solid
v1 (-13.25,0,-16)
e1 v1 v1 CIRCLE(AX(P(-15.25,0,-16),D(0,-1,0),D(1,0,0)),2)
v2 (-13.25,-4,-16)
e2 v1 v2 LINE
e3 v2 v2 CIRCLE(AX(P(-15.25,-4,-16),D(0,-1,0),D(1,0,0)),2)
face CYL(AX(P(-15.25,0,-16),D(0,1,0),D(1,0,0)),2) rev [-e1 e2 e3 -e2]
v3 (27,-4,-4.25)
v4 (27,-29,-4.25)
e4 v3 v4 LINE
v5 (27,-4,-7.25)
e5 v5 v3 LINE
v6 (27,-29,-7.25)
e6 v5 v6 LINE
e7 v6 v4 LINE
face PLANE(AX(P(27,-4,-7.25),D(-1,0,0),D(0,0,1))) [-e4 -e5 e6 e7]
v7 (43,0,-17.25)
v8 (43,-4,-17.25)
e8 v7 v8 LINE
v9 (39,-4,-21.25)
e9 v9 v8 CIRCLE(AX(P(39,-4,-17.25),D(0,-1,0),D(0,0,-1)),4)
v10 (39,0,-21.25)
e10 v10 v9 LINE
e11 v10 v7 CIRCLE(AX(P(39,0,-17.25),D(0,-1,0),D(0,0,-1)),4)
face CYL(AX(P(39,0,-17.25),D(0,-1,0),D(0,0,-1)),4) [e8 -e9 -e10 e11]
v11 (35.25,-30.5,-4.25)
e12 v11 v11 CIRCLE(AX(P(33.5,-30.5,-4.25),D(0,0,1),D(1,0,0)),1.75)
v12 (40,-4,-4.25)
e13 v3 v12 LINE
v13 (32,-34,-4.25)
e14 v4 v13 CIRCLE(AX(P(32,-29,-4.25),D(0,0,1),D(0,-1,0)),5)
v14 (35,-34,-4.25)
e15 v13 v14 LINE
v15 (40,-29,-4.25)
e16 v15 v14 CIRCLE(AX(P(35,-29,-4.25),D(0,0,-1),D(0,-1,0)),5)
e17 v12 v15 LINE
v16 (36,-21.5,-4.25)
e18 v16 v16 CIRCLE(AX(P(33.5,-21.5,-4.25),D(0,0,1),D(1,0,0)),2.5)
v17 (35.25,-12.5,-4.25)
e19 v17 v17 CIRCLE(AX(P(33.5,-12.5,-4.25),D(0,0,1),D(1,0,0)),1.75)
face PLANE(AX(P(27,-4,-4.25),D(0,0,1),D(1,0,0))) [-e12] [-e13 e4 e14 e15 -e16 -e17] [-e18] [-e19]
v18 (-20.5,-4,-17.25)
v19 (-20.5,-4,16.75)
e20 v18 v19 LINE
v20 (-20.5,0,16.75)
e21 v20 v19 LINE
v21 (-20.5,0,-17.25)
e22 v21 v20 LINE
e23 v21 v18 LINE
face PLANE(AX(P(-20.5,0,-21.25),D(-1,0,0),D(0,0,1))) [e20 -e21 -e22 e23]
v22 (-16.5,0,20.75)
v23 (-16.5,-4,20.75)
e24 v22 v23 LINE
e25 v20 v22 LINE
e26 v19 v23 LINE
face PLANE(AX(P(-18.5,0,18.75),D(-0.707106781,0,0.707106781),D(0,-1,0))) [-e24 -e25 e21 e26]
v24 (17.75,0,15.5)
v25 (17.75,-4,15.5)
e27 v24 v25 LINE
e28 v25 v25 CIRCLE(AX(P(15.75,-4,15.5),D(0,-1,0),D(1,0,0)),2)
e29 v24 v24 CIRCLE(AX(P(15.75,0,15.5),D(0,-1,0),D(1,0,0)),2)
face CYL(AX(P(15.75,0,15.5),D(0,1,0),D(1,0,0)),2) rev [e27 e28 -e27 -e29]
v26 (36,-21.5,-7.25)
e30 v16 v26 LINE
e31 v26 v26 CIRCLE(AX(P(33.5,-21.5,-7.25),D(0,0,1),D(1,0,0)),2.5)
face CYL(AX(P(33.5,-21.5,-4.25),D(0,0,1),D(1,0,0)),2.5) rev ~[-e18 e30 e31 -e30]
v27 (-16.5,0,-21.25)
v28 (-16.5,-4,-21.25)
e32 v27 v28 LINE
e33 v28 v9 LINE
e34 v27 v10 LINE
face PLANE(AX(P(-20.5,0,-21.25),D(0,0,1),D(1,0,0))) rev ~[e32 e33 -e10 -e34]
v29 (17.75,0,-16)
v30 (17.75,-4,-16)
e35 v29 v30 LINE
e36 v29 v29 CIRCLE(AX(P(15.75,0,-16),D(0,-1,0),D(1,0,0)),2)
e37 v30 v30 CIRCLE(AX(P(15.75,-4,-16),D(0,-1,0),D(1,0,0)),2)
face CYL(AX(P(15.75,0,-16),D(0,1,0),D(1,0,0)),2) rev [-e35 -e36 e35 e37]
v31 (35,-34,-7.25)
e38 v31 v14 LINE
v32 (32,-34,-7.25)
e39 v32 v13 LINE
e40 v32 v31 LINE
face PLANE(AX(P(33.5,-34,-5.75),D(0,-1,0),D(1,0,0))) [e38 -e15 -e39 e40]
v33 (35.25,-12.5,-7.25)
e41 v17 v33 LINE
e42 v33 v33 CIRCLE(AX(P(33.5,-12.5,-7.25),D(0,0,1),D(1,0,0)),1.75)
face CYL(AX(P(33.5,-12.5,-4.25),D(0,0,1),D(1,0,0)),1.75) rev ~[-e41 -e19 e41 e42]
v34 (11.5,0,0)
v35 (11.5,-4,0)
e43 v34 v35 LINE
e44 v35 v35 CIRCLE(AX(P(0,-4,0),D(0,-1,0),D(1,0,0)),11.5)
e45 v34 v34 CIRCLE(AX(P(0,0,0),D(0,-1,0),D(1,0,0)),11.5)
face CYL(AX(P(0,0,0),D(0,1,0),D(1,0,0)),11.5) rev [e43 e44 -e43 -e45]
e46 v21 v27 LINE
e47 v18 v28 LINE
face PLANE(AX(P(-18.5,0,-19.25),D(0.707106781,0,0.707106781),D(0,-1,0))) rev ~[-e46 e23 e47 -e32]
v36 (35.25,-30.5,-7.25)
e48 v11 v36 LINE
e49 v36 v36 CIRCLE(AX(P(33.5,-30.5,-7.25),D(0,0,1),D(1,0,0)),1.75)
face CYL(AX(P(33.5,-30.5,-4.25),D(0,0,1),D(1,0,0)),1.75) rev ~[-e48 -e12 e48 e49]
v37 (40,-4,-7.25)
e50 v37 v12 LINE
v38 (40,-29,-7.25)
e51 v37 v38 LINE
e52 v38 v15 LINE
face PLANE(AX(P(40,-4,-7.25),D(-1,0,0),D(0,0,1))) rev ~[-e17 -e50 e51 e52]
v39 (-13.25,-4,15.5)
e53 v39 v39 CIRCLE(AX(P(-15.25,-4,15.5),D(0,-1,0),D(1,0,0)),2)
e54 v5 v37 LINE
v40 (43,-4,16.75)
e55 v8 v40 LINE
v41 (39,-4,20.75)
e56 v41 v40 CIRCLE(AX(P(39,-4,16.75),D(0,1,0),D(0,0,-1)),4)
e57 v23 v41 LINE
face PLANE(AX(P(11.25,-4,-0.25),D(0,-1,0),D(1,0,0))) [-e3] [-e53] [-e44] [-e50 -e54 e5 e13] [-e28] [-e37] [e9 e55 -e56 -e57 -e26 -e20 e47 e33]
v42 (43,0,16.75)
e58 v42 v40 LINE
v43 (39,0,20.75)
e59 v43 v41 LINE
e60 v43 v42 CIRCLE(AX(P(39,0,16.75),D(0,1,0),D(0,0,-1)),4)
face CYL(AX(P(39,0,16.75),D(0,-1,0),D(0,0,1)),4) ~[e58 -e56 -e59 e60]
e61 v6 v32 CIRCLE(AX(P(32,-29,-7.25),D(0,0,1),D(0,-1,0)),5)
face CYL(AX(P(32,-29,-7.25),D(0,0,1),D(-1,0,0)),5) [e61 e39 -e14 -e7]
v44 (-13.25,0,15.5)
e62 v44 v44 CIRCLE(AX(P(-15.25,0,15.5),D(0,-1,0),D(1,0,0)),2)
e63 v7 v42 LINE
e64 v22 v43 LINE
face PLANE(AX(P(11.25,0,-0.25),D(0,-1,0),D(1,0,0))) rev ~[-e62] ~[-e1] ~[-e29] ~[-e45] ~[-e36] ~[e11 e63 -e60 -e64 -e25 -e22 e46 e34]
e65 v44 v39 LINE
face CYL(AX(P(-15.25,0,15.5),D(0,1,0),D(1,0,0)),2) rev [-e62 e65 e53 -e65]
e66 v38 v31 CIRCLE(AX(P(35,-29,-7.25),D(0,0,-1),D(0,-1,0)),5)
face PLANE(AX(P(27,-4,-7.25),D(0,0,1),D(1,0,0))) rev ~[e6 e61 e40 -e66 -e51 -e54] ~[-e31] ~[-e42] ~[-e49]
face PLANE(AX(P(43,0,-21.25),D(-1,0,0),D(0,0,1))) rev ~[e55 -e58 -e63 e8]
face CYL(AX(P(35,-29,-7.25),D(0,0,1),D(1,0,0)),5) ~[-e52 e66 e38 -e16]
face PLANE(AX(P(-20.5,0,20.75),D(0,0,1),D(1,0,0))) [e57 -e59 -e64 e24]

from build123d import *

# Parameters (mm, degrees)
F0_W     = 63.5
F0_H     = 42
F0_R     = 2
F0_R_2   = 11.5
F1_DEPTH = 4
F2_SIZE  = 4
F3_W     = 13
F3_H     = 3
F4_DEPTH = 30
F5_R     = 5
F6_R     = 4
F7_R     = 2.5
F7_R_2   = 1.75
F8_DEPTH = 3


with BuildPart() as f1:
    # F0 (on Front) → F1 (new body)
    with BuildSketch(Plane.XZ):
        with Locations((11.25, -0.25)):
            Rectangle(F0_W, F0_H)
        with Locations((-15.25, -16)):
            Circle(F0_R, mode=Mode.SUBTRACT)
        with Locations((15.75, -16)):
            Circle(F0_R, mode=Mode.SUBTRACT)
        Circle(F0_R_2, mode=Mode.SUBTRACT)
        with Locations((-15.25, 15.5)):
            Circle(F0_R, mode=Mode.SUBTRACT)
        with Locations((15.75, 15.5)):
            Circle(F0_R, mode=Mode.SUBTRACT)
    extrude(amount=F1_DEPTH)

    # F2
    f2_edges = [f1.edges().sort_by_distance(p)[0] for p in [
        (-20.5, -2, -21.25),
        (-20.5, -2, 20.75),
    ]]
    chamfer(f2_edges, length=F2_SIZE)

    # F3 (on face) → F4 (join)
    with BuildSketch(Plane.XZ.offset(4)):
        with Locations((33.5, -5.75)):
            Rectangle(F3_W, F3_H)
    extrude(amount=F4_DEPTH)

    # F5
    f5_edges = [f1.edges().sort_by_distance(p)[0] for p in [
        (40, -34, -5.75),
        (27, -34, -5.75),
    ]]
    fillet(f5_edges, radius=F5_R)

    # F6
    f6_edges = [f1.edges().sort_by_distance(p)[0] for p in [
        (43, -2, 20.75),
        (43, -2, -21.25),
    ]]
    fillet(f6_edges, radius=F6_R)

    # F7 (on face) → F8 (cut, through all)
    with BuildSketch(Plane.XY.offset(-4.25)):
        with Locations((33.5, -21.5)):
            Circle(F7_R)
        with Locations((33.5, -30.5)):
            Circle(F7_R_2)
        with Locations((33.5, -12.5)):
            Circle(F7_R_2)
    extrude(amount=-F8_DEPTH, mode=Mode.SUBTRACT)


solid = f1.part
